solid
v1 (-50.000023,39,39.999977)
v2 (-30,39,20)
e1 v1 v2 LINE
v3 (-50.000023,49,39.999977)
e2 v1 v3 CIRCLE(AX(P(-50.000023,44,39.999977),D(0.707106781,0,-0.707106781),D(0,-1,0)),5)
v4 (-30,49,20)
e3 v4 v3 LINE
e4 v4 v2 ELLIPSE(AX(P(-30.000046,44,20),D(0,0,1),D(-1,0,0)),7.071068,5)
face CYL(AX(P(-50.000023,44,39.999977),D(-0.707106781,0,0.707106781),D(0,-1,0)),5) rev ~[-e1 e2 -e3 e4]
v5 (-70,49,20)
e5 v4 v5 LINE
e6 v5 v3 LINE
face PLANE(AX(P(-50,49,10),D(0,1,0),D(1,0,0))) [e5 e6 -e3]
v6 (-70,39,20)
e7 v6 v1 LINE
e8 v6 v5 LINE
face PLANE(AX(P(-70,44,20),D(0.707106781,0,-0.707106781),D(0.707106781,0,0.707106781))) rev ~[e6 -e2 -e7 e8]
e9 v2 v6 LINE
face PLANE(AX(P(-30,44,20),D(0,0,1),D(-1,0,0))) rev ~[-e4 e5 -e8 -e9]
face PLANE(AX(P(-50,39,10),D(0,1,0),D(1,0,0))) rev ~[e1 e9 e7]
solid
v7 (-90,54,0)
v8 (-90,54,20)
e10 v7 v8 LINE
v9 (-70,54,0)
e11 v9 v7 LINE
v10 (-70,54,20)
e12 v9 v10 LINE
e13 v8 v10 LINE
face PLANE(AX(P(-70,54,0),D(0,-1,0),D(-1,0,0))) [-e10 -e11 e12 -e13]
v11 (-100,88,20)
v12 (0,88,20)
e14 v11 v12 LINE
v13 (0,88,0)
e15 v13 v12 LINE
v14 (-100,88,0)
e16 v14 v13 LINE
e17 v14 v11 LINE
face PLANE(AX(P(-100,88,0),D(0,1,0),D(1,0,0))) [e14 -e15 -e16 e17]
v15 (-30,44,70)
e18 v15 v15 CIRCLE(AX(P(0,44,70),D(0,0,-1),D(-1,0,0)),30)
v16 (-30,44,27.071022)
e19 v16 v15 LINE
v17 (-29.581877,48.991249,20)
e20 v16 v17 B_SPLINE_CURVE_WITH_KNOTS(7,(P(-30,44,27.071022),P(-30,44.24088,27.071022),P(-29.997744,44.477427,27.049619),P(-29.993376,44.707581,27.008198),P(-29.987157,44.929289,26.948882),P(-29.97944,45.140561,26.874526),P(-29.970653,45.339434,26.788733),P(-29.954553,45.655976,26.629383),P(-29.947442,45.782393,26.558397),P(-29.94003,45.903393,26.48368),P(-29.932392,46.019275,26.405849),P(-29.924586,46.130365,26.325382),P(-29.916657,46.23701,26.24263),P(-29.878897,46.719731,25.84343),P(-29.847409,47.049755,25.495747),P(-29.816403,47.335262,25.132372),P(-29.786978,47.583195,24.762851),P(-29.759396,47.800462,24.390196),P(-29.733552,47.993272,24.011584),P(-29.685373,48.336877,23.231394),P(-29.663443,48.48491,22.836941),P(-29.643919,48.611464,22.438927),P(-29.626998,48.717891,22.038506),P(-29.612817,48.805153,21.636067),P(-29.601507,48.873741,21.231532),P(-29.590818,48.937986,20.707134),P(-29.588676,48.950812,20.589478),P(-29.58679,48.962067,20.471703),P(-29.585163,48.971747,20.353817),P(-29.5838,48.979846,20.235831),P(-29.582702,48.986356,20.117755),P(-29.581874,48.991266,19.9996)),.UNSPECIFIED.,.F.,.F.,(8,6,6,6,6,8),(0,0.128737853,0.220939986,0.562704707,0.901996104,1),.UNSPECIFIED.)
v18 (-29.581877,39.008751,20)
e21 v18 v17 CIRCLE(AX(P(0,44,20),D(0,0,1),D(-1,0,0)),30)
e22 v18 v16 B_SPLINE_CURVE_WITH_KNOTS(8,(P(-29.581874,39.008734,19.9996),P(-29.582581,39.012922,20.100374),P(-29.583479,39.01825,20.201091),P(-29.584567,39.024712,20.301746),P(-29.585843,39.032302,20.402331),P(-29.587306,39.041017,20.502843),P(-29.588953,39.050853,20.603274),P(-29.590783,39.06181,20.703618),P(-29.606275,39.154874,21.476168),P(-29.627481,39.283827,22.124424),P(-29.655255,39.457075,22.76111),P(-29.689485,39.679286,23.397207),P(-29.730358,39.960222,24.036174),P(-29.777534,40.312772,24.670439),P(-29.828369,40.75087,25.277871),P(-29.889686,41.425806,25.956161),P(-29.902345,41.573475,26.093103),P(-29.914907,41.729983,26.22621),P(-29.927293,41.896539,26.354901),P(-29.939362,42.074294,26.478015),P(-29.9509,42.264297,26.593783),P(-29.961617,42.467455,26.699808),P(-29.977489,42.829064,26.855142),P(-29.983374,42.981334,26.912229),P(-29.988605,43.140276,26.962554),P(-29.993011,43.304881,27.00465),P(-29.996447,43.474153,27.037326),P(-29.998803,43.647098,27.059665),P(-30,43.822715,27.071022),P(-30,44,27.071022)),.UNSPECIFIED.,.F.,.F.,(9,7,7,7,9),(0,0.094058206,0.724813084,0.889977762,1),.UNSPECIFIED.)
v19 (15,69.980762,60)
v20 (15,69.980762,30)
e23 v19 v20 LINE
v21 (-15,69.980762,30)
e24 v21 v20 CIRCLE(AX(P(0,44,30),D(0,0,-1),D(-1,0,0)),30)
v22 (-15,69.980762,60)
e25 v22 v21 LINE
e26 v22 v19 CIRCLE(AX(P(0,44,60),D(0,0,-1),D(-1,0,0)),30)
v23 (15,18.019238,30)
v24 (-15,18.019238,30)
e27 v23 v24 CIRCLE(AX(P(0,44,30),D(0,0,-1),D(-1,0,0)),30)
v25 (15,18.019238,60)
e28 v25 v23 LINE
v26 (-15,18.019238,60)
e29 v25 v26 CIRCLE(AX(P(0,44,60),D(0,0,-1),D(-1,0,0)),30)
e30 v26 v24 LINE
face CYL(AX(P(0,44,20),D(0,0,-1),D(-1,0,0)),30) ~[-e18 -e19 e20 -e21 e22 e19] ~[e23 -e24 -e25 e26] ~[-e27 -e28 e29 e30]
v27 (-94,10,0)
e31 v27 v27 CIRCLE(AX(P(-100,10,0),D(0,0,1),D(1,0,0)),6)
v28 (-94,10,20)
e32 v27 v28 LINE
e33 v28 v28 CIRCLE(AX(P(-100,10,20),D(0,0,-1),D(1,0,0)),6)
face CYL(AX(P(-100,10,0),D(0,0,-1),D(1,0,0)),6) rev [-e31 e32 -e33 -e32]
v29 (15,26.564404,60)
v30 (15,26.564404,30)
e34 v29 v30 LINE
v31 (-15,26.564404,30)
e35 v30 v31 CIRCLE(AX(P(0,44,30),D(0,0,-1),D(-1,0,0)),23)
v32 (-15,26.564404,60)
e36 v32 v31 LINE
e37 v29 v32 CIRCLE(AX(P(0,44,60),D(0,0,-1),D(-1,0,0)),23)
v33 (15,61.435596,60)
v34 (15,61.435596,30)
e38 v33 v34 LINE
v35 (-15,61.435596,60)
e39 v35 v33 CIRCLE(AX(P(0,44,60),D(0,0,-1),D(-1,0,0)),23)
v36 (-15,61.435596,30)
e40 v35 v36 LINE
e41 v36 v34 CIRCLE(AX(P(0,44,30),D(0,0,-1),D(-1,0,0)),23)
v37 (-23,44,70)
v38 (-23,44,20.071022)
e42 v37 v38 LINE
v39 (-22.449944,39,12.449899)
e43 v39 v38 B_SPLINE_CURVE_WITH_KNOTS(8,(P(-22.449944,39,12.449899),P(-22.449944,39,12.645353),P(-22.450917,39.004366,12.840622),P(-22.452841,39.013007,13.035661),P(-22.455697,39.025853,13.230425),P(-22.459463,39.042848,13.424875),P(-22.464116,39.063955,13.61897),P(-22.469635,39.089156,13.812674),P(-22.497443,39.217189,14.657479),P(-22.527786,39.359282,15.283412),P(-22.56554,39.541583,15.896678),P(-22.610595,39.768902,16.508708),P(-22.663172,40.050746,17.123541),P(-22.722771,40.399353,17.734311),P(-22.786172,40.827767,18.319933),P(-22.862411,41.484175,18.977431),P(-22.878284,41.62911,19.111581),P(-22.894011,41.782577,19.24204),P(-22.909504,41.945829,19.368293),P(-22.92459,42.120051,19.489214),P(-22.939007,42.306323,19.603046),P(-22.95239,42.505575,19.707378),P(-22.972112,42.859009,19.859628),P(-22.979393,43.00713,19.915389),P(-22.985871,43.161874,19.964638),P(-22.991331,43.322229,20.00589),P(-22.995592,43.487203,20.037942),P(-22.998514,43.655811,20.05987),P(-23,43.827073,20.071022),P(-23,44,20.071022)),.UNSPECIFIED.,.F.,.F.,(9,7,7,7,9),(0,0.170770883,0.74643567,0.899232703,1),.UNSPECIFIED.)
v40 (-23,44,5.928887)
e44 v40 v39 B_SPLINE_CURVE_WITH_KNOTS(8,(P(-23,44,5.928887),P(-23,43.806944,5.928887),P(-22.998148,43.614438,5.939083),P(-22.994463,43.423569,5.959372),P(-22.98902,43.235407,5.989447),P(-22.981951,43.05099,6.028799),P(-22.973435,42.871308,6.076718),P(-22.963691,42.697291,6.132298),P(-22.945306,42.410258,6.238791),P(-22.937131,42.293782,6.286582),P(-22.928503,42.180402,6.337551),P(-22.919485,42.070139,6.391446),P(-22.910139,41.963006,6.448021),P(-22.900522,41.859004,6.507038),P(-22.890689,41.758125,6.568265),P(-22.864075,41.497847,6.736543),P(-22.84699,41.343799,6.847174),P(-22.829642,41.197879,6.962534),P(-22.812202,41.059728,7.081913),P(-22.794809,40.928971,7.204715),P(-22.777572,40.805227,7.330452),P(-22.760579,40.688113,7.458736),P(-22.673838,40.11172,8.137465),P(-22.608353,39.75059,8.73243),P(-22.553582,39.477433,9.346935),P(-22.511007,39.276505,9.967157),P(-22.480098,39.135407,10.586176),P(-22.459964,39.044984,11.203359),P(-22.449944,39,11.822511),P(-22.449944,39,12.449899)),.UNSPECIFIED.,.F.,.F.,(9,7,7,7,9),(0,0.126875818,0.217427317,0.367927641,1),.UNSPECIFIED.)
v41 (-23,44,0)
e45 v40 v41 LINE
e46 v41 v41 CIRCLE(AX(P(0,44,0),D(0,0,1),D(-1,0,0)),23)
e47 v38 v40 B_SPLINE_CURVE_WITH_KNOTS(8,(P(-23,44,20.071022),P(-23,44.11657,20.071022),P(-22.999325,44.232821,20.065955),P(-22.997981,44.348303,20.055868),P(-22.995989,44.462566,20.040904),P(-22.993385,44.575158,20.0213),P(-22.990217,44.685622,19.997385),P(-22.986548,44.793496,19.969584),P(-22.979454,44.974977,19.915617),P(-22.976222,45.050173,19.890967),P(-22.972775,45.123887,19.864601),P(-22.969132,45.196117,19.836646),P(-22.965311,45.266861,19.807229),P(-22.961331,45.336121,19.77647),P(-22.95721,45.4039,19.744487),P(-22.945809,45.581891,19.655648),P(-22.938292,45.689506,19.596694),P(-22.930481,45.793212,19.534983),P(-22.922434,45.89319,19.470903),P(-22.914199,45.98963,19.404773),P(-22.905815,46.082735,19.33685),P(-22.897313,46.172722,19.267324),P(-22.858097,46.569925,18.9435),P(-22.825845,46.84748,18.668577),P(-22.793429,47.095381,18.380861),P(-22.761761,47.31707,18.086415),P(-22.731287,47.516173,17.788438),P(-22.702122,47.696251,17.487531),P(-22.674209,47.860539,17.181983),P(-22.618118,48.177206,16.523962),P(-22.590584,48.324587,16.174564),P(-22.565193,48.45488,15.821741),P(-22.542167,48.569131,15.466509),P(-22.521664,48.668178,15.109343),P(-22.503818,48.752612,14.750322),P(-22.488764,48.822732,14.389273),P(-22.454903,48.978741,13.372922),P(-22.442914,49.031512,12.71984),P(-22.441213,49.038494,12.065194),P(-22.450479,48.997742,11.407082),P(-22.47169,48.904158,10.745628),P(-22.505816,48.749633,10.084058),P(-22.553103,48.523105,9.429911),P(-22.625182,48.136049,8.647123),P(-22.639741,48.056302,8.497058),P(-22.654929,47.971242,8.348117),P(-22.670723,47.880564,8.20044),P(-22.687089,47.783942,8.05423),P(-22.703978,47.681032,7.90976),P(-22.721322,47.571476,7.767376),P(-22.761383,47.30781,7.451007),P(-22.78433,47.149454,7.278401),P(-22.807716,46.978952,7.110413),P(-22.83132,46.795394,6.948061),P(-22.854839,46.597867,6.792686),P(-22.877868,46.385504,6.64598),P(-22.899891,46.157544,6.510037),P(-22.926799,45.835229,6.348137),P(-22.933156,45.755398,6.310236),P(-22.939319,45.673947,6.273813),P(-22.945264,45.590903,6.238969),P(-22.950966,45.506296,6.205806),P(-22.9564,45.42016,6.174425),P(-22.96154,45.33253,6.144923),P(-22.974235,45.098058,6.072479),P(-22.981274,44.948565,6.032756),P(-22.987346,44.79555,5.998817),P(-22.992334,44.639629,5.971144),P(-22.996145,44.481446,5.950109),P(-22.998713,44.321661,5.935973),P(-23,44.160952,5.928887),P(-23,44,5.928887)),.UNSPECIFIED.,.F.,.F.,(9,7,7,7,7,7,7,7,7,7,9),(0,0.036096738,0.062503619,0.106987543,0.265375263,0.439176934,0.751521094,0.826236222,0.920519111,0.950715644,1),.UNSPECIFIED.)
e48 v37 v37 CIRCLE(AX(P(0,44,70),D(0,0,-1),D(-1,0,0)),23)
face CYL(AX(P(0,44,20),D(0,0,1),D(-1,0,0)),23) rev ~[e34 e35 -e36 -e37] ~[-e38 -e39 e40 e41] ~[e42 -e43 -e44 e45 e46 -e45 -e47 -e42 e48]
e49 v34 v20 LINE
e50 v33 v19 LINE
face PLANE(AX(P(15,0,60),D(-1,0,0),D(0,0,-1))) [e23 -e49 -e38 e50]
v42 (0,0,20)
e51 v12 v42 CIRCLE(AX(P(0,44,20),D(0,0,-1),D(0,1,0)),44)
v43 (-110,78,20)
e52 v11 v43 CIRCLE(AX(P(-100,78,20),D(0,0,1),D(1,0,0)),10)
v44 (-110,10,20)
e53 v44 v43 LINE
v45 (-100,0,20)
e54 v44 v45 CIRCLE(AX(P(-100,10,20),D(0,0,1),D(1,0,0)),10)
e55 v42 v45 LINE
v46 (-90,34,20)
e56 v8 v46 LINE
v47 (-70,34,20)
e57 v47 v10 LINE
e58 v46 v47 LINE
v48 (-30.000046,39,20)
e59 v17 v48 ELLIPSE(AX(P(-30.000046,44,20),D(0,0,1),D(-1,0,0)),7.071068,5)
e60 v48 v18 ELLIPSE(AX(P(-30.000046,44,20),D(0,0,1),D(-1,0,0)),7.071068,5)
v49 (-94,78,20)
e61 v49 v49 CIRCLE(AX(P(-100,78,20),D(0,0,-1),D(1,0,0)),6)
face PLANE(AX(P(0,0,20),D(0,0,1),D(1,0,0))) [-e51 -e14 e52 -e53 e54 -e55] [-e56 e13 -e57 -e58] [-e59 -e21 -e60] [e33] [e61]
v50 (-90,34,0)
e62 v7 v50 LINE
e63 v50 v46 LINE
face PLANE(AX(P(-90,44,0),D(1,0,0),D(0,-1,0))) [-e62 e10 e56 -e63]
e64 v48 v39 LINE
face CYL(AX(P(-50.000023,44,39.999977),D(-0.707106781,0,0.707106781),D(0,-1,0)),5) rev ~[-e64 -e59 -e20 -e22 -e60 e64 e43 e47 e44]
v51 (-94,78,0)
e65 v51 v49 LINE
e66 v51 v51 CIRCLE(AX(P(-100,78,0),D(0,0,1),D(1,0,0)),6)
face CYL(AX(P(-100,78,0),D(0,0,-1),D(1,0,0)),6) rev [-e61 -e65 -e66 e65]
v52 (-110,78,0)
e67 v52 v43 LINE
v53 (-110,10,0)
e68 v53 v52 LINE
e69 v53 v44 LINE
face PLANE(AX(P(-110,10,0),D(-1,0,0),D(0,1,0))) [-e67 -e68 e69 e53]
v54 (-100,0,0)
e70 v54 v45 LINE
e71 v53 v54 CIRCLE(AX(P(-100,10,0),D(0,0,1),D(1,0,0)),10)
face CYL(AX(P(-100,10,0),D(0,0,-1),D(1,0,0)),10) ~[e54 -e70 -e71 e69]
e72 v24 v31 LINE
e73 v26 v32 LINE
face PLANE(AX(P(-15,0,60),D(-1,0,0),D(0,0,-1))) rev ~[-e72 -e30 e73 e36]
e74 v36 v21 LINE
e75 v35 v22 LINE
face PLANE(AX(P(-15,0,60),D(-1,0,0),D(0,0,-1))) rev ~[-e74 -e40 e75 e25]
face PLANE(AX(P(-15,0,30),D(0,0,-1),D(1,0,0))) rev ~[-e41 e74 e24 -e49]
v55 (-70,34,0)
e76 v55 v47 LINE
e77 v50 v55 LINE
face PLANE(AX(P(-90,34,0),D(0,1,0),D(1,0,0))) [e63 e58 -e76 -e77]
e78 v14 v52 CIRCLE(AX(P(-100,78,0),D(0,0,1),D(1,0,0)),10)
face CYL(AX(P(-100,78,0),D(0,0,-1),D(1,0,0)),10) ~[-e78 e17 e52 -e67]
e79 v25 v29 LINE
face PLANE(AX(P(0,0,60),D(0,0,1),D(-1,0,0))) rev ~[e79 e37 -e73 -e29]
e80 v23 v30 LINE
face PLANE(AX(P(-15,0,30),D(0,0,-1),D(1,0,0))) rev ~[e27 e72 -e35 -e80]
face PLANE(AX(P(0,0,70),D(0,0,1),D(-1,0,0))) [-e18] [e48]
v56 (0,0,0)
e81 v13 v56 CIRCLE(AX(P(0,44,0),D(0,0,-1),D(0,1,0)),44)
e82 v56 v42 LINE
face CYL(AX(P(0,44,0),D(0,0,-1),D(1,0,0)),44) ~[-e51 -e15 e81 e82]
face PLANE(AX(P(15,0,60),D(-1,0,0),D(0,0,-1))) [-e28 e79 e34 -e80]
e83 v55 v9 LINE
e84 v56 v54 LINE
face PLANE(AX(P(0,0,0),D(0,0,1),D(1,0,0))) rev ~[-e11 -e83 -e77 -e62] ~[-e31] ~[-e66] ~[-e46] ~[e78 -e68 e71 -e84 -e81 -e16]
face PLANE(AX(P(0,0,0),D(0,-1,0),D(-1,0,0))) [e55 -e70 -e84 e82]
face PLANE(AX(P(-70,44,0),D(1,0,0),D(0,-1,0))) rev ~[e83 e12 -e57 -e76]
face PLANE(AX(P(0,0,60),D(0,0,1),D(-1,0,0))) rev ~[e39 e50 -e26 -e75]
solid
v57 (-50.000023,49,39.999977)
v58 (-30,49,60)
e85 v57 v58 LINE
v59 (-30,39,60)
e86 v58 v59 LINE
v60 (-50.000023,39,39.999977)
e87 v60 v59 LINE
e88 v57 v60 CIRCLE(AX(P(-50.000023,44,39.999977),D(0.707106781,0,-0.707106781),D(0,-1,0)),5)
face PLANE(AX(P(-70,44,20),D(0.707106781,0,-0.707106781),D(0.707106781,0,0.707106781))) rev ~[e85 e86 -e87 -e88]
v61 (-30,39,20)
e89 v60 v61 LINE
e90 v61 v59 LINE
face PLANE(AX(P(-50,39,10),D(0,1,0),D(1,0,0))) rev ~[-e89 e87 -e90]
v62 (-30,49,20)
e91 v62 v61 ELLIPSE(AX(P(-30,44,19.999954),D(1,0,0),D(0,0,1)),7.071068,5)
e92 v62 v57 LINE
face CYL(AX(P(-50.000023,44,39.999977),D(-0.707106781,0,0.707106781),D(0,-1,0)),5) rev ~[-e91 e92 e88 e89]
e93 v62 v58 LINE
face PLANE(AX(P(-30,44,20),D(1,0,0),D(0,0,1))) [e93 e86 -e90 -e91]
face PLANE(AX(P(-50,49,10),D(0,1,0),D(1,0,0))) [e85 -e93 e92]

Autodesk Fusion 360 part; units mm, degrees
sketch "Sketch1" plane through (0, 0, 0) normal (0, 0, 1) x (1, 0, 0)
  line L0 (0, 0) -> (-100, 0)
  line L1 (-100, 0) -> (-100, 10)
  line L2 (-100, 10) -> (-110, 10)
  circle A0 centre (-100, 10) radius 10
  circle A1 centre (-100, 10) radius 6
  line L3 (-110, 10) -> (-110, 78)
  line L4 (-110, 78) -> (-100, 78)
  line L5 (-100, 78) -> (-100, 88)
  circle A2 centre (-100, 78) radius 10
  circle A3 centre (-100, 78) radius 6
  line L6 (-100, 88) -> (0, 88)
  line L7 (0, 88) -> (0, 0)
  circle A4 centre (0, 44) radius 44
  line L8 (0, 44) -> (-110, 44)
  line L9 (-110, 44) -> (-80, 44)
  line L10 (-80, 44) -> (-70, 44)
  line L11 (-70, 44) -> (-70, 34)
  line L12 (-70, 34) -> (-80, 34)
  line L13 (-80, 34) -> (-80, 44)
  line L14 (-80, 44) -> (-70, 44)
  line L15 (-70, 44) -> (-70, 54)
  line L16 (-70, 54) -> (-80, 54)
  line L17 (-80, 54) -> (-80, 44)
  line L18 (-80, 44) -> (-90, 44)
  line L19 (-90, 44) -> (-90, 54)
  line L20 (-90, 54) -> (-80, 54)
  line L21 (-80, 54) -> (-80, 44)
  line L22 (-80, 44) -> (-90, 44)
  line L23 (-90, 44) -> (-90, 34)
  line L24 (-90, 34) -> (-80, 34)
  line L25 (-80, 34) -> (-80, 44)
  dimension "d1" = 100
  dimension "d2" = 10
  dimension "d3" = 10
  dimension "d4" = 20
  dimension "d5" = 12
  dimension "d6" = 68
  dimension "d7" = 10
  dimension "d8" = 10
  dimension "d9" = 20
  dimension "d10" = 12
  dimension "d11" = 100
  dimension "d12" = 88
  dimension "d13" = 30
  dimension "d14" = 10
  dimension "d15" = 10
  dimension "d16" = 10
  dimension "d17" = 10
  dimension "d18" = 10
  dimension "d19" = 10
  dimension "d20" = 10
  dimension "d21" = 10
extrude "Extrude1" add sketch "Sketch1" along normal blind 20 contours L7 A4 L8 | L7 A4 | L0 A0 L3 A4 L8 L9 L11 L12 L23 L24 | L1 L2 A0 A1 | L1 L2 A0 A1 | L7 A4 L8 | L3 A2 L6 A4 L8 L9 L15 L16 L19 L20 | L4 L5 A2 A3 | L4 L5 A2 A3 makes body 1
sketch "Sketch2" plane through (0, 0, 20) normal (0, 0, 1) x (-1, 0, 0)
  circle A0 centre (100, -10) radius 6
  circle A1 centre (100, -78) radius 6
  line L0 (90, -34) -> (90, -54)
  line L1 (90, -54) -> (70, -54)
  line L2 (70, -54) -> (70, -34)
  line L3 (70, -34) -> (90, -34)
  arc A2 (110, -10) -> (100, 0) centre (100, -10) ccw
  line L4 (100, 0) -> (0, 0)
  arc A3 (0, 0) -> (0, -88) centre (0, -44) ccw
  line L5 (0, -88) -> (100, -88)
  arc A4 (100, -88) -> (110, -78) centre (100, -78) ccw
  line L6 (110, -78) -> (110, -10)
  line L7 (0, 0) -> (0, -88)
  line L8 (110, -44) -> (0, -44)
  circle A5 centre (0, -44) radius 30
  circle A6 centre (0, -44) radius 23
  dimension "d24" = 60
  dimension "d25" = 46
extrude "Extrude2" add sketch "Sketch2" along normal blind 50 contours L7 L8 A5 A6 | L7 L8 A5 A6 | L7 A5 A6 bodies 1
extrude "Extrude3" cut 1 faces at (5.9607, 51.4744, 20) along direction (0, 0, -1) blind 20 on bodies 1 bodies 1
sketch "Sketch3" plane through (0, 0, 0) normal (0, 1, 0) x (1, 0, 0)
  line L0 (0, -60) -> (-15, -60)
  line L1 (-15, -60) -> (-15, -30)
  line L2 (-15, -30) -> (0, -30)
  line L3 (0, -30) -> (0, -60)
  line L4 (0, -60) -> (15, -60)
  line L5 (15, -60) -> (15, -30)
  line L6 (15, -30) -> (0, -30)
  line L7 (0, -30) -> (0, -60)
  dimension "d31" = 15
  dimension "d32" = 30
  dimension "d33" = 30
extrude "Extrude4" cut sketch "Sketch3" along normal blind 95 bodies 1
sketch "Sketch4" plane through (0, 0, 0) normal (0, 1, 0) x (1, 0, 0)
ref_plane "WorkPlane1" through (-50, 44, 10) normal (0, 1, 0) x (-1, 0, 0)
sketch "Sketch5" plane through (-50, 44, 10) normal (0, 1, 0) x (1, 0, 0)
  line L0 (20, -10) -> (20, -50)
  line L1 (20, -10) -> (-20, -10)
  line L2 (-20, -10) -> (20, -50)
extrude "Extrude5" add sketch "Sketch5" along normal mid plane 10 separate body makes body 2
sketch "Sketch6" plane through (0, 49, 0) normal (0, 1, 0) x (-1, 0, 0)
  line L0 (30, 20) -> (70, 20)
  line L1 (70, 20) -> (30, 60)
  line L2 (30, 60) -> (30, 20)
sketch "Sketch7" plane through (-45, 0, 45) normal (-0.7071, 0, 0.7071) x (0, -1, 0)
  line L0 (-39, 21.2132) -> (-49, 21.2132)
  line L1 (-49, 21.2132) -> (-49, -35.3553)
  line L2 (-49, -35.3553) -> (-39, -35.3553)
  line L3 (-39, -35.3553) -> (-39, 21.2132)
  line L4 (-49, -7.0711) -> (-39, -7.0711)
  circle A0 centre (-44, -7.0711) radius 5
  dimension "d39" = 10
extrude "Extrude6" cut sketch "Sketch7" against normal blind 145 contours L4 A0 | L4 A0 bodies 1 2
